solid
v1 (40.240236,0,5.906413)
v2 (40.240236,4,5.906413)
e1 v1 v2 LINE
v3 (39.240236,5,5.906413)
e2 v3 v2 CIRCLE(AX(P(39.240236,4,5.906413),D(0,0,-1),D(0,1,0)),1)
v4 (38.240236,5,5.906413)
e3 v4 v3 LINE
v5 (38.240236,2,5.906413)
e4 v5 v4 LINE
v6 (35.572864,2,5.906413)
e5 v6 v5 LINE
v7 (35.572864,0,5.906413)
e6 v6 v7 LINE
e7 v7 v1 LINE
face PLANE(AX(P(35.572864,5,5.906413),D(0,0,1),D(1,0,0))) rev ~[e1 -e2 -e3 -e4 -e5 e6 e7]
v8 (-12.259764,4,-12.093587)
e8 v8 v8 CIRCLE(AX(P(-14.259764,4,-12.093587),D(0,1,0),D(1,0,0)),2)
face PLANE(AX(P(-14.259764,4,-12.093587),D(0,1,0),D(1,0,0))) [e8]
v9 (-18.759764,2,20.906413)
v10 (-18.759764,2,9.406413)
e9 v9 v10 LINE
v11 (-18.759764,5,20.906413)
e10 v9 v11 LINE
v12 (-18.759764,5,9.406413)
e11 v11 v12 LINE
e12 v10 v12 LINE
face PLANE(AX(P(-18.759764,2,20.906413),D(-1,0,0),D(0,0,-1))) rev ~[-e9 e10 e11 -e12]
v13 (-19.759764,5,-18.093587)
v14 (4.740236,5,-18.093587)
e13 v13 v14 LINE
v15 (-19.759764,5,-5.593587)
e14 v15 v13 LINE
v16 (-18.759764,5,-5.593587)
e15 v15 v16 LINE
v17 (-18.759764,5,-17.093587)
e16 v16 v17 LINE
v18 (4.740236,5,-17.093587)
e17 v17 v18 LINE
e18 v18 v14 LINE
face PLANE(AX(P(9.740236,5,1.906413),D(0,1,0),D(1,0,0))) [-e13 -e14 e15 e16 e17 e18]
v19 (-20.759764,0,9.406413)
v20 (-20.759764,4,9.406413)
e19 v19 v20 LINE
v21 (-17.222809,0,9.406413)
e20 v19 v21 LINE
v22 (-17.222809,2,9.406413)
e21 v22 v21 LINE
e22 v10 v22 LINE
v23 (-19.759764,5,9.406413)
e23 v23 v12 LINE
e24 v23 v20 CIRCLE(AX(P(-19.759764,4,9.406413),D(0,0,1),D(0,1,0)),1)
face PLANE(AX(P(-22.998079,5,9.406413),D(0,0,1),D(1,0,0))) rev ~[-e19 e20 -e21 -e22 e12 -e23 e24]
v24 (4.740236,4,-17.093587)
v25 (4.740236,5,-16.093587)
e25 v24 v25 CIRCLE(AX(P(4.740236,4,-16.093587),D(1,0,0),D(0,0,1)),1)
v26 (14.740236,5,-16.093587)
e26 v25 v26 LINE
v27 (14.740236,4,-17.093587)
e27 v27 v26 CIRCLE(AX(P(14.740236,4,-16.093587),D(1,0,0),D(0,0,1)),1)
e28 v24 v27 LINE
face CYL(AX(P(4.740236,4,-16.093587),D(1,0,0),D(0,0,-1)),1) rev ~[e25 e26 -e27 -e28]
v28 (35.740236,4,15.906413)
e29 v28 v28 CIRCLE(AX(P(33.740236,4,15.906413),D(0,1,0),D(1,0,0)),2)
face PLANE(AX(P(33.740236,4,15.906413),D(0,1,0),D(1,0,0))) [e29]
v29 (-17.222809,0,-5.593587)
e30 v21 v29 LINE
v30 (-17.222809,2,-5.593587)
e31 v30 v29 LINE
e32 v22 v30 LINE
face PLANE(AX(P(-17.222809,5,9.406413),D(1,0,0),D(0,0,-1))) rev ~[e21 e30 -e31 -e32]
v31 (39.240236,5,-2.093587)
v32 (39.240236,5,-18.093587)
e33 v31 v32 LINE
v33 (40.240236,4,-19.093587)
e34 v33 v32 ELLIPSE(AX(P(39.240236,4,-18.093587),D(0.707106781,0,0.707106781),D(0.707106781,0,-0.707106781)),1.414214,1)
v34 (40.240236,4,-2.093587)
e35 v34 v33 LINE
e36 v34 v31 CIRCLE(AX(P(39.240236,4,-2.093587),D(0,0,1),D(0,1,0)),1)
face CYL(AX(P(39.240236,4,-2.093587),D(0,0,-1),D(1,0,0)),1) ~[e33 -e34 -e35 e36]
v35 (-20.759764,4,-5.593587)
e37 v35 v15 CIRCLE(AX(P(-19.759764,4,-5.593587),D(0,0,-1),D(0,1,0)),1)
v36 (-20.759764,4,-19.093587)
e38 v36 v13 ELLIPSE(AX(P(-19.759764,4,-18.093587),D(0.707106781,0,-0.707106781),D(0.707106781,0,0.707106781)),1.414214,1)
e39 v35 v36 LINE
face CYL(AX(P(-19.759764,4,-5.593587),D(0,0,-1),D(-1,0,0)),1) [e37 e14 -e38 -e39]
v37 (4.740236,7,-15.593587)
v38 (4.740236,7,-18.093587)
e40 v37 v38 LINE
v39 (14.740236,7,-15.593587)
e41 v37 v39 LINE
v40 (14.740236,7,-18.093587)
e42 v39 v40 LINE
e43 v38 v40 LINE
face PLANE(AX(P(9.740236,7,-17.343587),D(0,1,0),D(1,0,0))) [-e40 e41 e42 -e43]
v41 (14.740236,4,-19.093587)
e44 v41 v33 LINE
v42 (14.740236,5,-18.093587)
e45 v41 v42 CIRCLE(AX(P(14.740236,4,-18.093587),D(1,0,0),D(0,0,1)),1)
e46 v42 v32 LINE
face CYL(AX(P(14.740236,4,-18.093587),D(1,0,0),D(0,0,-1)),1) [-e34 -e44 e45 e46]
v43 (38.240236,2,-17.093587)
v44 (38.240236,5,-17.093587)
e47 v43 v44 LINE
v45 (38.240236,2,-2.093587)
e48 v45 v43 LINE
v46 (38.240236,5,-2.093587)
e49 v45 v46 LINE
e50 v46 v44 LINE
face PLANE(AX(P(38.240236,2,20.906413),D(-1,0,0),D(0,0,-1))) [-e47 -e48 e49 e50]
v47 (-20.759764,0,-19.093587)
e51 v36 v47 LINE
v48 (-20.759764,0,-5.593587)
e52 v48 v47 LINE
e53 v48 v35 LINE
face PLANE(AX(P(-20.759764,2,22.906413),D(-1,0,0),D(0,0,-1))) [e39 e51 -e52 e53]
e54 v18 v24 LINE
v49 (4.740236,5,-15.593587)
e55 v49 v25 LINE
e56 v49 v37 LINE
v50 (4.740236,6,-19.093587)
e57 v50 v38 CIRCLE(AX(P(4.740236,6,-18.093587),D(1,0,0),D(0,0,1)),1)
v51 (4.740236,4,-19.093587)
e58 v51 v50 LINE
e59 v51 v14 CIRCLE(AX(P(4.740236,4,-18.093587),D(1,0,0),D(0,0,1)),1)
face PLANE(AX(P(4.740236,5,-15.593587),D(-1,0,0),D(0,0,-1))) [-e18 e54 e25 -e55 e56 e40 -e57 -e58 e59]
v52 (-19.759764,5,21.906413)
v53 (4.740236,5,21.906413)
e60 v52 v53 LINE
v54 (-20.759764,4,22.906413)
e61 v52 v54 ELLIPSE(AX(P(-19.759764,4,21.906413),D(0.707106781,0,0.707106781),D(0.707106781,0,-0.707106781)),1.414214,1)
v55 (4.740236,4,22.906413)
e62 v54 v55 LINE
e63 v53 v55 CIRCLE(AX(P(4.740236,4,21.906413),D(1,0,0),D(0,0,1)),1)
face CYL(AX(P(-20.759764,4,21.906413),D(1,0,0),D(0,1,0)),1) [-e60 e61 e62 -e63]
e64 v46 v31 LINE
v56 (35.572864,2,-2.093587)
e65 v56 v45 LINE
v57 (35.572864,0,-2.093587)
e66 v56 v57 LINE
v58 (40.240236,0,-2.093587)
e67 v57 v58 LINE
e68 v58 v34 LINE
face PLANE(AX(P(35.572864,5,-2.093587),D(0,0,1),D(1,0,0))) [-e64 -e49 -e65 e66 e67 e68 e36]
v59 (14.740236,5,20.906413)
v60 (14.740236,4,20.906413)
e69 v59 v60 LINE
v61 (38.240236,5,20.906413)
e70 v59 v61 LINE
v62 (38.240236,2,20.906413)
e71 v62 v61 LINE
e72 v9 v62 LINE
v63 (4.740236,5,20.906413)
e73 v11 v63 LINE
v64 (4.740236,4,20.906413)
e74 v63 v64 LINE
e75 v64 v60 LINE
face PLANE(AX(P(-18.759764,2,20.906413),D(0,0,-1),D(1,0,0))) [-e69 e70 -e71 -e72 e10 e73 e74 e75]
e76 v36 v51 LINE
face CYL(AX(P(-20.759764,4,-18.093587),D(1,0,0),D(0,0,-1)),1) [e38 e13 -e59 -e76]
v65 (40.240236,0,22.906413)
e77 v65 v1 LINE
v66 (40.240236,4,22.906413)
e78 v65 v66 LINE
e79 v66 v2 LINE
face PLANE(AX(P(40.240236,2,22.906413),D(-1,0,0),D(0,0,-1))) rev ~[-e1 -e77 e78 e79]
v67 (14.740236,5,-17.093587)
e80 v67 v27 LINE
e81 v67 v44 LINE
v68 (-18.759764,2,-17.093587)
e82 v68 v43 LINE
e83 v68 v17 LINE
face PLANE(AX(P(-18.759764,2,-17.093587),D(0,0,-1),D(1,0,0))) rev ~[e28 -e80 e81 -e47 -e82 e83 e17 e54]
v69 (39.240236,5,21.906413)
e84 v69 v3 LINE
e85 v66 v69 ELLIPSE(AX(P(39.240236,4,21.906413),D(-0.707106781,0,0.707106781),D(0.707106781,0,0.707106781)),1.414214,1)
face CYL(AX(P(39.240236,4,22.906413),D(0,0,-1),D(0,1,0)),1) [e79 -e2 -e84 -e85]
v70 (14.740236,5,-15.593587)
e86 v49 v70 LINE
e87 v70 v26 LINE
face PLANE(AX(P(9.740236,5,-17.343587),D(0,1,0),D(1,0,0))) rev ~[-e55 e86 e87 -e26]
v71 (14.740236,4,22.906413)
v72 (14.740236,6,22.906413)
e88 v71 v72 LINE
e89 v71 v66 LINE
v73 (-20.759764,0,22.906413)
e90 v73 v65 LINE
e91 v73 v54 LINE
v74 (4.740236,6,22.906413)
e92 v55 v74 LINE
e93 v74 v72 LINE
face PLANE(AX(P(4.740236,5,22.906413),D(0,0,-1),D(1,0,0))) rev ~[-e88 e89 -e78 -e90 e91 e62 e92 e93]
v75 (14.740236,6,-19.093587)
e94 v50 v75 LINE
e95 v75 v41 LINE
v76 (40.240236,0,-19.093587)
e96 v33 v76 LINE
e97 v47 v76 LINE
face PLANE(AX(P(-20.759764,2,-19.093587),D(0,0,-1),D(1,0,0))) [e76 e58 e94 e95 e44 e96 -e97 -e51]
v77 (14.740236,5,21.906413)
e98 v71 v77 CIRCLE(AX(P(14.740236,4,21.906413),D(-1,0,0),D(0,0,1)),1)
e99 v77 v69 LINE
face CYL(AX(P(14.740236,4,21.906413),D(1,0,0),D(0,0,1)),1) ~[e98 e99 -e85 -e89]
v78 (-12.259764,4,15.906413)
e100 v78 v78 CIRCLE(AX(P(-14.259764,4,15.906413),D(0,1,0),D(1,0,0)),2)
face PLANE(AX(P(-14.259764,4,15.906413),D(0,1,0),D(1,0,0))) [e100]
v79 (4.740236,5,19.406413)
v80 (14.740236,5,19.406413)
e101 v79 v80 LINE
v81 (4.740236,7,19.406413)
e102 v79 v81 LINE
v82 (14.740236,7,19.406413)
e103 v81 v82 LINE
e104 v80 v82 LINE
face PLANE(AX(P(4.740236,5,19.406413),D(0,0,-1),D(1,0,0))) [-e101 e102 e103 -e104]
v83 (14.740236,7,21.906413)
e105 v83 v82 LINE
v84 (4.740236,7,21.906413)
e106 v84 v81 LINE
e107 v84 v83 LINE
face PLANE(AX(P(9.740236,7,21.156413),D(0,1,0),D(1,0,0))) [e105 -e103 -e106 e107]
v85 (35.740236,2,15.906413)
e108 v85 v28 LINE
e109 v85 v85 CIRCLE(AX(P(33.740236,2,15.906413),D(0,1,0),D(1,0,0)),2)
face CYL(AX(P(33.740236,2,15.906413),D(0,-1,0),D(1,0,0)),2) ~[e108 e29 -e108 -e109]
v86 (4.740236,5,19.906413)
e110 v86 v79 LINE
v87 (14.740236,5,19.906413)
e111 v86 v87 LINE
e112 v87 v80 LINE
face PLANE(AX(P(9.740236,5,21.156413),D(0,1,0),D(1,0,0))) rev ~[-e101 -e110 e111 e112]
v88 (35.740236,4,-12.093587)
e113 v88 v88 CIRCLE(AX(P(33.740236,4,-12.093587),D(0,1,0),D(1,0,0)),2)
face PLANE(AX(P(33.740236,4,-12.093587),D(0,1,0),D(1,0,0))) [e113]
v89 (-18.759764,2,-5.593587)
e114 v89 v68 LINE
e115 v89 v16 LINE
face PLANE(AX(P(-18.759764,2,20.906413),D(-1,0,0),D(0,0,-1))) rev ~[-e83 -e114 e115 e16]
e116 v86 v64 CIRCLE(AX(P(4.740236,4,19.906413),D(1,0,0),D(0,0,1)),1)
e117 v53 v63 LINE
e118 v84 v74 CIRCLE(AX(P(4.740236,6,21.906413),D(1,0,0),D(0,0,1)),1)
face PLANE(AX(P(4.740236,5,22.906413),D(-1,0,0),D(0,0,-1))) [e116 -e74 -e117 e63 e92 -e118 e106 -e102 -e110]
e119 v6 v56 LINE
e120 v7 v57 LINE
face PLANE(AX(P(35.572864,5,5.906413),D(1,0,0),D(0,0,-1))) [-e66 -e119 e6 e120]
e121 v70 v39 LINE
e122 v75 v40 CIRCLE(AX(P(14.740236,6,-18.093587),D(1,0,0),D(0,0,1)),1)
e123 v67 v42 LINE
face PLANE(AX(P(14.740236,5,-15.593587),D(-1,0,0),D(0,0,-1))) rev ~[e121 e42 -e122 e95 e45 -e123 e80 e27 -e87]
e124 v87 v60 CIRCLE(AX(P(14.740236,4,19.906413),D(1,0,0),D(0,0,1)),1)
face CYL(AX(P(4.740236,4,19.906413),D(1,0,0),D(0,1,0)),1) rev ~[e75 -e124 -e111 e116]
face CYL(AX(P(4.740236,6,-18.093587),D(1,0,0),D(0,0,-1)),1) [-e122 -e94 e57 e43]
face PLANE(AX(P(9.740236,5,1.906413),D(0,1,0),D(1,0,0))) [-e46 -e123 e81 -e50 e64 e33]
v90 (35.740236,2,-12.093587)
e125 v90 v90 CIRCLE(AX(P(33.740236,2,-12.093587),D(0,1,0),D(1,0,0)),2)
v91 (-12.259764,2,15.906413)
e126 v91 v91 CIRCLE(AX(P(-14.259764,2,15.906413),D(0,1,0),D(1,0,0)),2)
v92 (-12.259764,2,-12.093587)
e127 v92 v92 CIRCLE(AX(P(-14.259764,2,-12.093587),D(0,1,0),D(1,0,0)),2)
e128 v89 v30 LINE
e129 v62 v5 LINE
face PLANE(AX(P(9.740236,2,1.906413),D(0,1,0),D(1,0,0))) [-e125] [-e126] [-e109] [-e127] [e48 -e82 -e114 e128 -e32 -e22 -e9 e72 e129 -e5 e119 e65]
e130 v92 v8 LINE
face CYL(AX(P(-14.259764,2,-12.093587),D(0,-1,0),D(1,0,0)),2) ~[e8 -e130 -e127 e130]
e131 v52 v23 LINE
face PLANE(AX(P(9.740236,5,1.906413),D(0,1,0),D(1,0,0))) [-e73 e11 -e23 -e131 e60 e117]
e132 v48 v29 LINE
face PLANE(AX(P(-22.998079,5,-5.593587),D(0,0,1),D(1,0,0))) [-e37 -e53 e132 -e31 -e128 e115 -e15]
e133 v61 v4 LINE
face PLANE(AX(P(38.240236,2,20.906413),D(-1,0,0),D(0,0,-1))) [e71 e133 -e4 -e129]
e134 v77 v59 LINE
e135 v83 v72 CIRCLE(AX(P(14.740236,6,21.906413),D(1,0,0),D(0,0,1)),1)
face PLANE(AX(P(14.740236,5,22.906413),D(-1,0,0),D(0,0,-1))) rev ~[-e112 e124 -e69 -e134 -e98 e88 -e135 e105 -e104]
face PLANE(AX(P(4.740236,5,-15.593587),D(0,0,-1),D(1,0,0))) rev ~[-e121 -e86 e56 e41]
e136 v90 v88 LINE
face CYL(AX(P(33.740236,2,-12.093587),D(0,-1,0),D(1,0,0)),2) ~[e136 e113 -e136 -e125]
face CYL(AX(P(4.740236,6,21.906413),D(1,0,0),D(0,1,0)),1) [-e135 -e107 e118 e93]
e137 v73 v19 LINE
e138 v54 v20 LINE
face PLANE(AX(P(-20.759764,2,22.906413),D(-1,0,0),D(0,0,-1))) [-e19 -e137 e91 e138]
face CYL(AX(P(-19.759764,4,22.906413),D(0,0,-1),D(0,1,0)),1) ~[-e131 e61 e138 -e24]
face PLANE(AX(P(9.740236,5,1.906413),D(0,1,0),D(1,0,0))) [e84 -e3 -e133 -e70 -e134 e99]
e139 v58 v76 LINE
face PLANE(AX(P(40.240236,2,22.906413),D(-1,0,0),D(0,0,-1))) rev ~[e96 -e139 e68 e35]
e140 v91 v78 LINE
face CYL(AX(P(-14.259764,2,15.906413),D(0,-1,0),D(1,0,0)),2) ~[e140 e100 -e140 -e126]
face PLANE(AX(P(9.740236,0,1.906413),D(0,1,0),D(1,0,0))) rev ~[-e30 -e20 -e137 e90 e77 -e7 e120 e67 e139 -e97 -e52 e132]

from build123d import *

# Parameters (mm, degrees)
SKETCH1_W           = 61
SKETCH1_H           = 42
BOSS_EXTRUDE1_DEPTH = 2
SKETCH2_W           = 61
SKETCH2_H           = 42
SKETCH2_W_2         = 57
SKETCH2_H_2         = 38
BOSS_EXTRUDE2_DEPTH = 3
SKETCH3_W           = 5.775270692
SKETCH3_H           = 15
SKETCH3_W_2         = 6.454719949
SKETCH3_H_2         = 8
CUT_EXTRUDE1_DEPTH  = 5
SKETCH4_R           = 2
BOSS_EXTRUDE3_DEPTH = 2
SKETCH5_W           = 10
SKETCH5_H           = 3.5
BOSS_EXTRUDE4_DEPTH = 2
FILLET1_R           = 1
FILLET2_R           = 1


with BuildPart() as part:
    # Sketch1 → Boss-Extrude1 (new body)
    with BuildSketch(Plane(origin=(0, 0, 0), x_dir=(1, 0, 0), z_dir=(0, 1, 0))):
        with Locations((9.74023618, -1.906412613)):
            Rectangle(SKETCH1_W, SKETCH1_H)
    extrude(amount=BOSS_EXTRUDE1_DEPTH)

    # Sketch2 → Boss-Extrude2 (add)
    with BuildSketch(Plane(origin=(0, 2, 0), x_dir=(1, 0, 0), z_dir=(0, 1, 0))):
        with Locations((9.74023618, -1.906412613)):
            Rectangle(SKETCH2_W, SKETCH2_H)
        with Locations((9.74023618, -1.906412613)):
            Rectangle(SKETCH2_W_2, SKETCH2_H_2, mode=Mode.SUBTRACT)
    extrude(amount=BOSS_EXTRUDE2_DEPTH)

    # Sketch3 → Cut-Extrude1 (cut)
    with BuildSketch(Plane(origin=(0, 5, 0), x_dir=(1, 0, 0), z_dir=(0, 1, 0))):
        with Locations((-20.110444063, -1.906412613)):
            Rectangle(SKETCH3_W, SKETCH3_H)
        with Locations((38.800224202, -1.906412613)):
            Rectangle(SKETCH3_W_2, SKETCH3_H_2)
    extrude(amount=-CUT_EXTRUDE1_DEPTH, mode=Mode.SUBTRACT)

    # Sketch4 → Boss-Extrude3 (add)
    with BuildSketch(Plane(origin=(0, 2, 0), x_dir=(1, 0, 0), z_dir=(0, 1, 0))):
        with Locations((-14.25976382, -15.906412613)):
            Circle(SKETCH4_R)
        with Locations((-14.25976382, 12.093587387)):
            Circle(SKETCH4_R)
        with Locations((33.74023618, 12.093587387)):
            Circle(SKETCH4_R)
        with Locations((33.74023618, -15.906412613)):
            Circle(SKETCH4_R)
    extrude(amount=BOSS_EXTRUDE3_DEPTH)

    # Sketch5 → Boss-Extrude4 (add)
    with BuildSketch(Plane(origin=(0, 5, 0), x_dir=(1, 0, 0), z_dir=(0, 1, 0))):
        with Locations((9.74023618, -21.156412613)):
            Rectangle(SKETCH5_W, SKETCH5_H)
        with Locations((9.74023618, 17.343587387)):
            Rectangle(SKETCH5_W, SKETCH5_H)
    extrude(amount=BOSS_EXTRUDE4_DEPTH)

    # Fillet1
    fillet1_edges = [part.edges().sort_by_distance(p)[0] for p in [
        (9.74023618, 5, 20.906412613),
        (9.74023618, 5, -17.093587387),
    ]]
    fillet(fillet1_edges, radius=FILLET1_R)

    # Fillet2
    fillet2_edges = [part.edges().sort_by_distance(p)[0] for p in [
        (27.49023618, 5, 22.906412613),
        (9.74023618, 7, 22.906412613),
        (-8.00976382, 5, -19.093587387),
        (9.74023618, 7, -19.093587387),
        (-20.75976382, 5, -12.343587387),
        (-8.00976382, 5, 22.906412613),
        (40.24023618, 5, 14.406412613),
        (27.49023618, 5, -19.093587387),
        (-20.75976382, 5, 16.156412613),
        (40.24023618, 5, -10.593587387),
    ]]
    fillet(fillet2_edges, radius=FILLET2_R)


solid = part.part
